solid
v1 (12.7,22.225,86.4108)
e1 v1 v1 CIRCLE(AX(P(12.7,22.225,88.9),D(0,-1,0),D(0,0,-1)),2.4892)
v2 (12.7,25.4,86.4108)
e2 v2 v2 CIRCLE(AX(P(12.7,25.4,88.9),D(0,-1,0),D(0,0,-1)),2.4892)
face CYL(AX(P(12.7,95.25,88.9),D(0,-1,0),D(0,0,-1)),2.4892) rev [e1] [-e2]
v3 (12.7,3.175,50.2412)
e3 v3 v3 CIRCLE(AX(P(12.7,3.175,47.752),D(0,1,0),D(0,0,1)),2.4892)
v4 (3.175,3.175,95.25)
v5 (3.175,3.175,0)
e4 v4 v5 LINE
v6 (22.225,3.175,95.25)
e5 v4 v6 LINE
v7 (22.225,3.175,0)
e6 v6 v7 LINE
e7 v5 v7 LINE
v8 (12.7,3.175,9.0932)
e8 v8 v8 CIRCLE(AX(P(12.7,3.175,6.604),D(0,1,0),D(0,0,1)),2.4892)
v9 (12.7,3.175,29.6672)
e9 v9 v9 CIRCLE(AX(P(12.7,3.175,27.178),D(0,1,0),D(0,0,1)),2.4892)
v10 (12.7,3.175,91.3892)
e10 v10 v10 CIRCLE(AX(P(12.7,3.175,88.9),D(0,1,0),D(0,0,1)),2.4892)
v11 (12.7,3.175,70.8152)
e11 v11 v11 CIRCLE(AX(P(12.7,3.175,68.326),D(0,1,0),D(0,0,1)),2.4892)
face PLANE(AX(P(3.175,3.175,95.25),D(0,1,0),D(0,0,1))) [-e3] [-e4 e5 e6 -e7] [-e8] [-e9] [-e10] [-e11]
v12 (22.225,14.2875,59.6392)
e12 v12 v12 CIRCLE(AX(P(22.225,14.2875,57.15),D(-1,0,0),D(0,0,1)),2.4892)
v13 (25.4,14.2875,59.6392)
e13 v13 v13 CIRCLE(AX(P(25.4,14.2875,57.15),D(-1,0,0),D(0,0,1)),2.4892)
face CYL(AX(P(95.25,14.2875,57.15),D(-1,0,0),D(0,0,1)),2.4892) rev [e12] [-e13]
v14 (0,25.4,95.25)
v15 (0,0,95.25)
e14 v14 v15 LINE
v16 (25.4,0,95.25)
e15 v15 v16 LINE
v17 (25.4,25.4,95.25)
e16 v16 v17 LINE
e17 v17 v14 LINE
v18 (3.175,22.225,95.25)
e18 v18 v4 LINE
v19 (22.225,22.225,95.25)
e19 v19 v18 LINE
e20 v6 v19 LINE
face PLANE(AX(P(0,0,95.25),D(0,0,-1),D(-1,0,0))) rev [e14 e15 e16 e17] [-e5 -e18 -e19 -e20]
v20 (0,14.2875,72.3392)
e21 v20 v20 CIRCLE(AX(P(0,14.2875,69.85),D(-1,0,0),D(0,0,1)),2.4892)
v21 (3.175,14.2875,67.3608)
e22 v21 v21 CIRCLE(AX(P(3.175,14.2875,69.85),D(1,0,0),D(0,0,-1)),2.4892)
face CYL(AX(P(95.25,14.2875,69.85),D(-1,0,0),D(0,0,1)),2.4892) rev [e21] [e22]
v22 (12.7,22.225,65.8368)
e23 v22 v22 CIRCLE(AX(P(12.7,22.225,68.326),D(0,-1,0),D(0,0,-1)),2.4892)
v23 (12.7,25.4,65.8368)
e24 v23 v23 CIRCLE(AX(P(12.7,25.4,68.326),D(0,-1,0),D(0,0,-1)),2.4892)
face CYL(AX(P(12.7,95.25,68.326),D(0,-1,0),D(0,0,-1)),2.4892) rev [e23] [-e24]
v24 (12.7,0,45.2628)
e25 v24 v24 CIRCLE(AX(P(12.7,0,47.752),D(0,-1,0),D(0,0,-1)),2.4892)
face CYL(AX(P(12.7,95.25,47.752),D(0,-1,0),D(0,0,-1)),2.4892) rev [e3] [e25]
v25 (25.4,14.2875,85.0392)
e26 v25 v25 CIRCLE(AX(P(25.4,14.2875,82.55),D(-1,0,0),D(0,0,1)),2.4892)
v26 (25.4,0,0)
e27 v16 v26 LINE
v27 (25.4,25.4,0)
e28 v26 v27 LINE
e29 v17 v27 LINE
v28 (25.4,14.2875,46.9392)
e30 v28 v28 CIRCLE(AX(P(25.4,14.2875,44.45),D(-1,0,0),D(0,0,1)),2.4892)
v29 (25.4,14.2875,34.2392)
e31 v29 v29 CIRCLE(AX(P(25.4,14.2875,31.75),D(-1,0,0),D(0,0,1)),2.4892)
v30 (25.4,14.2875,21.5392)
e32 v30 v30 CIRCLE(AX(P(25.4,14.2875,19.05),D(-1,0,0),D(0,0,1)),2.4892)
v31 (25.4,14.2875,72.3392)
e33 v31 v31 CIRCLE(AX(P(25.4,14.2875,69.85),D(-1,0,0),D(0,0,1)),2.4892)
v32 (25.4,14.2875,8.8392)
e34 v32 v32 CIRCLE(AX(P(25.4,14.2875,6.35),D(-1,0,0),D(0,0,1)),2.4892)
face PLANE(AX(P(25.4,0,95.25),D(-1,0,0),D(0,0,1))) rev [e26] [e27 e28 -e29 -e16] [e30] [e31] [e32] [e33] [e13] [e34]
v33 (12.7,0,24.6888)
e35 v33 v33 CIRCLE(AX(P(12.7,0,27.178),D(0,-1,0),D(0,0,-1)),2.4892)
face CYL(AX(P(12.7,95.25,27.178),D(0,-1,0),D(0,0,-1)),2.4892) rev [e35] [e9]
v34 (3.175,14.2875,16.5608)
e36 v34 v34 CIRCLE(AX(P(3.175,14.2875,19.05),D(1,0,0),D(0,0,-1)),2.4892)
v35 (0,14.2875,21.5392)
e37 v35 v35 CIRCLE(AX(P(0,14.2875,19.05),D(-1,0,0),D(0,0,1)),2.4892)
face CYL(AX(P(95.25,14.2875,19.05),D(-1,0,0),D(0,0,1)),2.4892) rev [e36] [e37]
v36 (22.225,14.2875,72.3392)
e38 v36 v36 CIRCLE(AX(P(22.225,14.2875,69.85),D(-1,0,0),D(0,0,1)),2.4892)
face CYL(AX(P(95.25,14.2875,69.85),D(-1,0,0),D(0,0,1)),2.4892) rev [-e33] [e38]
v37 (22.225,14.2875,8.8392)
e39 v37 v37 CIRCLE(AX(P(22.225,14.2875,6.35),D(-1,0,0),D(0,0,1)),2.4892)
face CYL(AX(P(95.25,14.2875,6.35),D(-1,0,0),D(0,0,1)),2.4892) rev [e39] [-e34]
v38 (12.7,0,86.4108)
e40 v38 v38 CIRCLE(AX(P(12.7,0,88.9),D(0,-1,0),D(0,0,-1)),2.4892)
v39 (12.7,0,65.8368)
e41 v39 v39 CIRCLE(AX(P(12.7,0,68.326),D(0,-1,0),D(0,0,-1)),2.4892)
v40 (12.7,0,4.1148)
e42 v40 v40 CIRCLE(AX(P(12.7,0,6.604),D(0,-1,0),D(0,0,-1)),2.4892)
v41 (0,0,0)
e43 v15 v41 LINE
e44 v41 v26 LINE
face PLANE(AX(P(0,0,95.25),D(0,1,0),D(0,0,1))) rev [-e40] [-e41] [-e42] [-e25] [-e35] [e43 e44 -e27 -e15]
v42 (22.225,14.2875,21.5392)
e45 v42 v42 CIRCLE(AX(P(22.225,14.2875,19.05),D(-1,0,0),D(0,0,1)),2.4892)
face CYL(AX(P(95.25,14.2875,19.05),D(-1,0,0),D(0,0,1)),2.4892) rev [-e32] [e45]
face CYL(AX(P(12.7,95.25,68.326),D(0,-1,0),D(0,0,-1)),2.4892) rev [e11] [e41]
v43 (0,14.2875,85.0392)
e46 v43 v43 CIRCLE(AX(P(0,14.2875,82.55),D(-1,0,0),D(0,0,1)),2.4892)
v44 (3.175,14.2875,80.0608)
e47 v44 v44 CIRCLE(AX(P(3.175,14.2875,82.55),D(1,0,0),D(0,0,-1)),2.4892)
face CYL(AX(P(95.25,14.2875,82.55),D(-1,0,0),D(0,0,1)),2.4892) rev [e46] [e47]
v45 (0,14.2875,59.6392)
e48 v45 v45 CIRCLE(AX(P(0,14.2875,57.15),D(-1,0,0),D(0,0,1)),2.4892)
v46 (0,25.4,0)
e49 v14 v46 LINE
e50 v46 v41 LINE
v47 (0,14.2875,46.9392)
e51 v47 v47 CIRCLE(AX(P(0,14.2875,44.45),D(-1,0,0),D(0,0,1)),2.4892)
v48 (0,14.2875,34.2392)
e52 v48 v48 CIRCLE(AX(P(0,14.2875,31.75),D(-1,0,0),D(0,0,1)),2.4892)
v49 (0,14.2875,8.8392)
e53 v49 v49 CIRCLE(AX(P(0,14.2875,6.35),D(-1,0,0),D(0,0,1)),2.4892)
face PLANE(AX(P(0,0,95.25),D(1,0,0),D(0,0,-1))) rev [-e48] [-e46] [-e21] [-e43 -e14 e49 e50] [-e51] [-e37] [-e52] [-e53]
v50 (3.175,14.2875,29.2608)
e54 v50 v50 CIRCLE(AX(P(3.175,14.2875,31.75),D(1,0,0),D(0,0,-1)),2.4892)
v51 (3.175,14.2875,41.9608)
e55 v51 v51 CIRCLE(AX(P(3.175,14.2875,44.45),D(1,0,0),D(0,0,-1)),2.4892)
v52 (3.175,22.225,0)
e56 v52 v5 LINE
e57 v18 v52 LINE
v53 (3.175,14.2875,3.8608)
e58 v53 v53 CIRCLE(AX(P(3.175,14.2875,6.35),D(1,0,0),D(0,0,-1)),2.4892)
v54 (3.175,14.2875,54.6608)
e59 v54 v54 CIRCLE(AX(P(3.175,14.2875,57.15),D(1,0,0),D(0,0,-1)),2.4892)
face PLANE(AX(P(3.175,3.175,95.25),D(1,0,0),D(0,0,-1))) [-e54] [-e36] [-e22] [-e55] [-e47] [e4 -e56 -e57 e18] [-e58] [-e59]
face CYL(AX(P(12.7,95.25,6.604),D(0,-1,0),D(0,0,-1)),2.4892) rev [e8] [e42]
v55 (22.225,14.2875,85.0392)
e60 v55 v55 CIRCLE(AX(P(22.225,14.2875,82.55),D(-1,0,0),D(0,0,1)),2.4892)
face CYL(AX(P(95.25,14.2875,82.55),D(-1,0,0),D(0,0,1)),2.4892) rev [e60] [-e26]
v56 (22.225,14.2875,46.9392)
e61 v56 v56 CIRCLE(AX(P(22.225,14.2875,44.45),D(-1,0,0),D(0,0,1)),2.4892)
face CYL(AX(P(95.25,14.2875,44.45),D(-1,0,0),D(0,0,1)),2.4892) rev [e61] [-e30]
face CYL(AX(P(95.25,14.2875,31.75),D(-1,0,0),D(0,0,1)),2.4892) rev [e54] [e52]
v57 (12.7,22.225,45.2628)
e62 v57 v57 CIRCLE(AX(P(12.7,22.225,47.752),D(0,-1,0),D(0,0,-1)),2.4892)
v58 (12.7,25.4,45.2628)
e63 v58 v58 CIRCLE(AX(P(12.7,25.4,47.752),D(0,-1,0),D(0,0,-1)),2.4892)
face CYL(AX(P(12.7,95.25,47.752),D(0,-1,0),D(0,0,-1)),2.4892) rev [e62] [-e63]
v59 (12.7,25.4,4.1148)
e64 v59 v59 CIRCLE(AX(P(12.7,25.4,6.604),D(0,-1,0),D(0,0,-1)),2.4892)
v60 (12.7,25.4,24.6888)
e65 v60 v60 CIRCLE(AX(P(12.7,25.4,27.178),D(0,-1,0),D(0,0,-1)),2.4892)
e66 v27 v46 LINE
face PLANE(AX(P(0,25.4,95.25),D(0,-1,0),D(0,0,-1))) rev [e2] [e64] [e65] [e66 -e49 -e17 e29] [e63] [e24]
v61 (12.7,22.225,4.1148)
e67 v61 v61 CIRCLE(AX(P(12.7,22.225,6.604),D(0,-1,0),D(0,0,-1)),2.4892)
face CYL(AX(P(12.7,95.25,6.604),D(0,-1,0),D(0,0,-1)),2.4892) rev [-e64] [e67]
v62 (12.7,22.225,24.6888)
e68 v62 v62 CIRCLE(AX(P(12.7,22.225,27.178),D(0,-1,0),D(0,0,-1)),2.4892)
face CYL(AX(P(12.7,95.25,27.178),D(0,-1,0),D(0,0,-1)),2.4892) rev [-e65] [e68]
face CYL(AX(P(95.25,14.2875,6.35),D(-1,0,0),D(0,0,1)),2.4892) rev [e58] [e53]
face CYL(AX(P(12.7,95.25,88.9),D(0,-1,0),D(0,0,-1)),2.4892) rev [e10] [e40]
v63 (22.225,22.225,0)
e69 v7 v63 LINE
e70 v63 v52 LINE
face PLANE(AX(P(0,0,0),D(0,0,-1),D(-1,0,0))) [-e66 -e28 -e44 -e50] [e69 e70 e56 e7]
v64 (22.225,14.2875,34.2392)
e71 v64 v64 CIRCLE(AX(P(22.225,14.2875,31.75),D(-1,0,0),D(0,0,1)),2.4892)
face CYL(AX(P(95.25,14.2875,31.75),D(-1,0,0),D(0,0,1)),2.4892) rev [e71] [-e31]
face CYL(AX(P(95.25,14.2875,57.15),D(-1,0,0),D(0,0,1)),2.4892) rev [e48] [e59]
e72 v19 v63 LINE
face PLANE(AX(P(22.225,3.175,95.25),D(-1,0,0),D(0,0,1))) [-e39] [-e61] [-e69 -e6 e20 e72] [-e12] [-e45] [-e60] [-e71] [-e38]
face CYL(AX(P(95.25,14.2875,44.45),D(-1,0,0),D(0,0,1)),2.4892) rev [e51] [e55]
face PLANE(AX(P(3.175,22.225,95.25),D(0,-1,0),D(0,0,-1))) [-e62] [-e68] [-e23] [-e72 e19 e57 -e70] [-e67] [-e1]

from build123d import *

# Parameters (mm, degrees)
SKETCH1_W           = 25.4
SKETCH1_H           = 25.4
SKETCH1_W_2         = 19.05
SKETCH1_H_2         = 19.05
BOSS_EXTRUDE1_DEPTH = 95.25
SKETCH2_R           = 2.4892
CUT_EXTRUDE1_DEPTH  = 95.25
SKETCH5_R           = 2.4892
CUT_EXTRUDE3_DEPTH  = 95.25


with BuildPart() as part:
    # Sketch1 → Boss-Extrude1 (new body)
    with BuildSketch(Plane.XY):
        with Locations((12.7, 12.7)):
            Rectangle(SKETCH1_W, SKETCH1_H)
        with Locations((12.7, 12.7)):
            Rectangle(SKETCH1_W_2, SKETCH1_H_2, mode=Mode.SUBTRACT)
    extrude(amount=BOSS_EXTRUDE1_DEPTH)

    # Sketch2 → Cut-Extrude1 (cut)
    with BuildSketch(Plane.ZY):
        with Locations((82.55, 14.2875)):
            Circle(SKETCH2_R)
        with Locations((69.85, 14.2875)):
            Circle(SKETCH2_R)
        with Locations((57.15, 14.2875)):
            Circle(SKETCH2_R)
        with Locations((44.45, 14.2875)):
            Circle(SKETCH2_R)
        with Locations((31.75, 14.2875)):
            Circle(SKETCH2_R)
        with Locations((19.05, 14.2875)):
            Circle(SKETCH2_R)
        with Locations((6.35, 14.2875)):
            Circle(SKETCH2_R)
    extrude(amount=-CUT_EXTRUDE1_DEPTH, mode=Mode.SUBTRACT)

    # Sketch5 → Cut-Extrude3 (cut)
    with BuildSketch(Plane(origin=(0, 0, 0), x_dir=(-1, 0, 0), z_dir=(0, -1, 0))):
        with Locations(Location((-12.7, -88.9, 0), (0, 0, 90))):
            Circle(SKETCH5_R)
        with Locations(Location((-12.7, -68.326, 0), (0, 0, 90))):
            Circle(SKETCH5_R)
        with Locations(Location((-12.7, -47.752, 0), (0, 0, 90))):
            Circle(SKETCH5_R)
        with Locations(Location((-12.7, -27.178, 0), (0, 0, 90))):
            Circle(SKETCH5_R)
        with Locations(Location((-12.7, -6.604, 0), (0, 0, 90))):
            Circle(SKETCH5_R)
    extrude(amount=-CUT_EXTRUDE3_DEPTH, mode=Mode.SUBTRACT)


solid = part.part
